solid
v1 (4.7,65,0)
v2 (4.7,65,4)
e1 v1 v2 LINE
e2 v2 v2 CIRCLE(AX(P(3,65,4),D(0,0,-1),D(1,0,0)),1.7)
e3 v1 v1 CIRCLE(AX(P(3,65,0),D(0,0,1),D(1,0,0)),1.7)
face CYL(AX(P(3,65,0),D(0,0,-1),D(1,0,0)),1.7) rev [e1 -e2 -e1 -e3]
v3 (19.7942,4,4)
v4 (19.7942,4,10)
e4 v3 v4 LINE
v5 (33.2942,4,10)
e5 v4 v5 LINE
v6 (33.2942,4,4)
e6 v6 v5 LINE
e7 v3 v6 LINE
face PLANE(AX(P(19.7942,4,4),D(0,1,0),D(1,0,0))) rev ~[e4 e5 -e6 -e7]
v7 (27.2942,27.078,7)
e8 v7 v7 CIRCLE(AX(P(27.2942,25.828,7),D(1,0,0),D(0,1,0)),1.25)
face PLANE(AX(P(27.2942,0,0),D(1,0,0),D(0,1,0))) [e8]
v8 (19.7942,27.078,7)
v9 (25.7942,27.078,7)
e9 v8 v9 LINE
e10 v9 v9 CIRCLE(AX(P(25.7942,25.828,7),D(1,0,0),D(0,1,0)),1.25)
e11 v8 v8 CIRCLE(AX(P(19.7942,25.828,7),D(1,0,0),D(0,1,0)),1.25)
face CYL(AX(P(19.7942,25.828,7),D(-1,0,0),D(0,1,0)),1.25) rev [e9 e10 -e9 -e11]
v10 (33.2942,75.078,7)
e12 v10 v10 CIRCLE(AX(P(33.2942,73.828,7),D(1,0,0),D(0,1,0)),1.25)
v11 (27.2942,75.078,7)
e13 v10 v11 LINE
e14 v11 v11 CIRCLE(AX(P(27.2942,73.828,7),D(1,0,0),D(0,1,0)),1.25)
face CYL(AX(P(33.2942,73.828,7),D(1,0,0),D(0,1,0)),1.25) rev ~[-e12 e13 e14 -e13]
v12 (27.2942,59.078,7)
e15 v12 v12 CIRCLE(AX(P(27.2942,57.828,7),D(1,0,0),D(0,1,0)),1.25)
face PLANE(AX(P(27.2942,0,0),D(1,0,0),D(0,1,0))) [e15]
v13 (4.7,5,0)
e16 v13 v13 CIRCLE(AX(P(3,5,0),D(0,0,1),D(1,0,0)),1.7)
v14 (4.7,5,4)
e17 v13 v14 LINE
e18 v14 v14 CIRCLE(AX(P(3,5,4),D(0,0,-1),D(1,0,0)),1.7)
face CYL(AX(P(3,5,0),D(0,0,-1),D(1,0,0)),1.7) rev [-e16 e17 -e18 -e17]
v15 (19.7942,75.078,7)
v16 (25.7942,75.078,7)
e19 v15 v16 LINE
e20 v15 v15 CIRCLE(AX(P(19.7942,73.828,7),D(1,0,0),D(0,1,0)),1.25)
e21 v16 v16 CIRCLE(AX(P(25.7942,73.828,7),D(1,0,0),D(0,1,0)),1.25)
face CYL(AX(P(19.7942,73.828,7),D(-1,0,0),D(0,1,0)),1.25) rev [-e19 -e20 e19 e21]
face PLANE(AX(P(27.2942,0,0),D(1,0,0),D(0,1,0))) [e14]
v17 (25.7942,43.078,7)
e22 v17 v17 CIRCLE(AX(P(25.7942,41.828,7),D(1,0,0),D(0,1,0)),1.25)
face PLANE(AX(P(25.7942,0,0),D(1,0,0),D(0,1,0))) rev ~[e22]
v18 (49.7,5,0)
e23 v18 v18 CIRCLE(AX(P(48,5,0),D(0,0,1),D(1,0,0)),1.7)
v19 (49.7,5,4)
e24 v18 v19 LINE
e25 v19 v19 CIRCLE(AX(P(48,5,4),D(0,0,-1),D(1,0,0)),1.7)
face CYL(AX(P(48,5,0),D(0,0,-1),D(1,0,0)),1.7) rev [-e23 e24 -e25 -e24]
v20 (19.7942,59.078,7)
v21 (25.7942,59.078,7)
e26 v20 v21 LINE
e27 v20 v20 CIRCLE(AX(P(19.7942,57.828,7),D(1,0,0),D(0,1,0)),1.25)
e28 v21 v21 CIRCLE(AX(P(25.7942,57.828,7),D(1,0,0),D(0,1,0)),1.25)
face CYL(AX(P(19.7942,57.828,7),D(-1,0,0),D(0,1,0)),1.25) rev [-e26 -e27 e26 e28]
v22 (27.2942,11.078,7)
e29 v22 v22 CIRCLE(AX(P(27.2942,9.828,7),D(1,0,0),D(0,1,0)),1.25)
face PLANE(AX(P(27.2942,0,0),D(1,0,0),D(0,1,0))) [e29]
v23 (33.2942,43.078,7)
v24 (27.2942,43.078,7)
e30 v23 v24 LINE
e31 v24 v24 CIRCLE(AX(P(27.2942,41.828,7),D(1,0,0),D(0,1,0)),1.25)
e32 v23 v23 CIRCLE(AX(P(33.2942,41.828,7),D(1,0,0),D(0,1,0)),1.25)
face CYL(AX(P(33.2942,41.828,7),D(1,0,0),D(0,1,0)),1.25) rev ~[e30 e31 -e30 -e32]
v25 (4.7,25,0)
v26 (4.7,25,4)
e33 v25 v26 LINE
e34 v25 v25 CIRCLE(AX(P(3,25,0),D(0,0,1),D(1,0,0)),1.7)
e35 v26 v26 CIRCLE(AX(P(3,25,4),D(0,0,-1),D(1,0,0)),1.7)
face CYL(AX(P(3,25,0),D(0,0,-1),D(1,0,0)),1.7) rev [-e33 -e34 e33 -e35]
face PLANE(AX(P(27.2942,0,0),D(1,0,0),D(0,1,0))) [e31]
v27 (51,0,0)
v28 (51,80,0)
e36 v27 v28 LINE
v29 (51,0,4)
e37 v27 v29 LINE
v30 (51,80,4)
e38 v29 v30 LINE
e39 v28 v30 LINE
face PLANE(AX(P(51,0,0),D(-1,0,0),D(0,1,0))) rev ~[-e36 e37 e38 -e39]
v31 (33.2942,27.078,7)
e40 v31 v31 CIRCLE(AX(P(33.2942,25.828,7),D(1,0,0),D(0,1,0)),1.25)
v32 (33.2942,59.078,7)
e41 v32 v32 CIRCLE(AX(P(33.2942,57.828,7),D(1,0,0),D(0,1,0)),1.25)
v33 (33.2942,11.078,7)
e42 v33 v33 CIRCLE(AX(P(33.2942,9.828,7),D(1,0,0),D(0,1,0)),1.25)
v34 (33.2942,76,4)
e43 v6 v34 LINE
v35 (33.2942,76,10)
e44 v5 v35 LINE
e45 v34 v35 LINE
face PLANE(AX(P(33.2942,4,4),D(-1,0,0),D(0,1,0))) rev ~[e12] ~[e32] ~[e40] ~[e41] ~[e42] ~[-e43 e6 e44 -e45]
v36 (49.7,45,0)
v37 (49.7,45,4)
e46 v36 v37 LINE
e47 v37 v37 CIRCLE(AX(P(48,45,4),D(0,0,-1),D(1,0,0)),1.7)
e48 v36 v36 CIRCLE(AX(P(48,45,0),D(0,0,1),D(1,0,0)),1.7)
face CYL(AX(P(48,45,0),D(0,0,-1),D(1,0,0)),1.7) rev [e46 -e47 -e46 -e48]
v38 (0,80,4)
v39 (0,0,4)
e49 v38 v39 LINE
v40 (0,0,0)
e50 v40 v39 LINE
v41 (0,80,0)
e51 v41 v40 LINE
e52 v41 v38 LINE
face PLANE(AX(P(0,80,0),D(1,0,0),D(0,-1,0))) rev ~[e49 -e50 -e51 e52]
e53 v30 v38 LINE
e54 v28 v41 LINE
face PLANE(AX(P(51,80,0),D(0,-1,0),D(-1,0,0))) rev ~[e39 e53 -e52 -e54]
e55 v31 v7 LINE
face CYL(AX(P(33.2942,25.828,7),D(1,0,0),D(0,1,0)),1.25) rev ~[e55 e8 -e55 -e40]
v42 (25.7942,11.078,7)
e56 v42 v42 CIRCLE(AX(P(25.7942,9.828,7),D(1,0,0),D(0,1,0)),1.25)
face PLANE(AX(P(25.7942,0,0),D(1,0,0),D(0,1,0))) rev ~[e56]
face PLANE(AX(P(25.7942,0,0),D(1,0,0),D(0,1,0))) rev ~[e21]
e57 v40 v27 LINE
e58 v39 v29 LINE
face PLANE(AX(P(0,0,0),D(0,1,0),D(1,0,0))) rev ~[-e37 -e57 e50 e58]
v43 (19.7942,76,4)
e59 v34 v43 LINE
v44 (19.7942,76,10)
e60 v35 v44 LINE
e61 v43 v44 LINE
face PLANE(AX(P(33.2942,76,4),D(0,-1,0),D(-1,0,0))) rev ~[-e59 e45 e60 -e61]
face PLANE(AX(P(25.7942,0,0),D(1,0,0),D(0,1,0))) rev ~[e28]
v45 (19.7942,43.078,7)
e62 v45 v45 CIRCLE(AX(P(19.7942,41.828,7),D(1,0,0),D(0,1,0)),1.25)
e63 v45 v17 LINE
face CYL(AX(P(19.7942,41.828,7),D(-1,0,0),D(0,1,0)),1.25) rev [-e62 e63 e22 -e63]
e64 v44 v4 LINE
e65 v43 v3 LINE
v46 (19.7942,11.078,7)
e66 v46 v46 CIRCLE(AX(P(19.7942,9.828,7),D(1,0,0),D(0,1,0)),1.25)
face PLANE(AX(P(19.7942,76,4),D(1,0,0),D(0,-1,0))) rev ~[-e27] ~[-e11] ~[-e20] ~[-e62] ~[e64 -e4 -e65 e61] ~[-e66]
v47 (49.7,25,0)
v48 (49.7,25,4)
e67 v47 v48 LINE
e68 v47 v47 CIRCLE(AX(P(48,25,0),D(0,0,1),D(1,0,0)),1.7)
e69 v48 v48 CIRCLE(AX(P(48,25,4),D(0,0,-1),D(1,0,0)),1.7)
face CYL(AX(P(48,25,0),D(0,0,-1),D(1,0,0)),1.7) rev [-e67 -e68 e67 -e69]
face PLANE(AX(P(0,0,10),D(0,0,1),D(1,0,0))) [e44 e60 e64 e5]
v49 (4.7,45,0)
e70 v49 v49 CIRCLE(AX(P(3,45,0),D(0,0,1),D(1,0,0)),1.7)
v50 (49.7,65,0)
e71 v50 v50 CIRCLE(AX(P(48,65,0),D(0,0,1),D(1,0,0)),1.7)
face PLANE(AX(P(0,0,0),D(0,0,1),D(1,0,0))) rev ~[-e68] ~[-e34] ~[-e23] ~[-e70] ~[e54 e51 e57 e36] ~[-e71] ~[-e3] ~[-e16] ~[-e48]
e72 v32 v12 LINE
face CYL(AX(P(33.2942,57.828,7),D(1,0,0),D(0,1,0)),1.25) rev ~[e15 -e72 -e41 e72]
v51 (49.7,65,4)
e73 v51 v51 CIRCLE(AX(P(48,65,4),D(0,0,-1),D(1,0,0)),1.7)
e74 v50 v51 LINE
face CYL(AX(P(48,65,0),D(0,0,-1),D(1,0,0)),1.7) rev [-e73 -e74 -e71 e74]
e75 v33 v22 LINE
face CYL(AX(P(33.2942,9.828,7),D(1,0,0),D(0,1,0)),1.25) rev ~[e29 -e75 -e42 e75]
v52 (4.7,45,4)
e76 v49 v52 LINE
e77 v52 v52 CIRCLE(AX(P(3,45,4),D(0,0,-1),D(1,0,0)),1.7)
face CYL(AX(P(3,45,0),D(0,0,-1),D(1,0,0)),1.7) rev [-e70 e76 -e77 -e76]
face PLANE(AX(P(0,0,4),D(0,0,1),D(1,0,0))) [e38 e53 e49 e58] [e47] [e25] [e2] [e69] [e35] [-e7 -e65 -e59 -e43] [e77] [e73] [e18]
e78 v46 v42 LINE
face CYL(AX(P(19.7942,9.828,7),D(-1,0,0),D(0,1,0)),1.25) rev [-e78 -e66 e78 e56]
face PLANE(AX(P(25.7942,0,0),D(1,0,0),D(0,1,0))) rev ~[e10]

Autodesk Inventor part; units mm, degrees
sketch "Continuous_Solid_Plate_No_Openings_Profile" plane through (0, 0, 0) normal (0, 0, 1) x (1, 0, 0)
  line L0 (0, 0) -> (51, 0)
  line L1 (51, 0) -> (51, 80)
  line L2 (51, 80) -> (0, 80)
  line L3 (0, 80) -> (0, 0)
  dimension "d0" = 51
  dimension "d1" = 80
extrude "Continuous_Solid_Plate_No_Openings" add sketch "Continuous_Solid_Plate_No_Openings_Profile" along normal blind 4
ref_plane "Integral_Raised_Device_Mounting_Boss_StartPlane" through (0, 0, 4) normal (0, 0, 1) x (1, 0, 0)
sketch "Integral_Raised_Device_Mounting_Boss_Profile" plane through (0, 0, 4) normal (0, 0, 1) x (1, 0, 0)
  line L0 (19.7942, 4) -> (33.2942, 4)
  line L1 (33.2942, 4) -> (33.2942, 76)
  line L2 (33.2942, 76) -> (19.7942, 76)
  line L3 (19.7942, 76) -> (19.7942, 4)
  point P0 (0, 0)
  dimension "d5" = 19.7943
  dimension "d6" = 4
  dimension "d7" = 13.5
  dimension "d8" = 72
extrude "Integral_Raised_Device_Mounting_Boss" add sketch "Integral_Raised_Device_Mounting_Boss_Profile" along normal blind 6
sketch "Rod_M3_Clearance_8x_Locations" plane through (0, 0, 0) normal (0, 0, 1) x (1, 0, 0)
  circle A0 centre (3, 5) radius 1.7
  circle A1 centre (3, 25) radius 1.7
  circle A2 centre (3, 45) radius 1.7
  circle A3 centre (3, 65) radius 1.7
  circle A4 centre (48, 5) radius 1.7
  circle A5 centre (48, 25) radius 1.7
  circle A6 centre (48, 45) radius 1.7
  circle A7 centre (48, 65) radius 1.7
  point P0 (0, 0)
  dimension "d11" = 3
  dimension "d12" = 5
  dimension "d13" = 3.4
  dimension "d14" = 3
  dimension "d15" = 25
  dimension "d16" = 3.4
  dimension "d17" = 3
  dimension "d18" = 45
  dimension "d19" = 3.4
  dimension "d20" = 3
  dimension "d21" = 65
  dimension "d22" = 3.4
  dimension "d23" = 48
  dimension "d24" = 5
  dimension "d25" = 3.4
  dimension "d26" = 48
  dimension "d27" = 25
  dimension "d28" = 3.4
  dimension "d29" = 48
  dimension "d30" = 45
  dimension "d31" = 3.4
  dimension "d32" = 48
  dimension "d33" = 65
  dimension "d34" = 3.4
extrude "Rod_M3_Clearance_8x" cut sketch "Rod_M3_Clearance_8x_Locations" along normal through all
ref_plane "Device_Clamp_Face_PositiveX" through (33.2942, 0, 0) normal (1, 0, 0) x (0, 1, 0)
sketch "M3_Side_Tap_Locations_PositiveX" plane through (33.2942, 0, 0) normal (1, 0, 0) x (0, 1, 0)
  circle A0 centre (9.828, 7) radius 1.25
  circle A1 centre (25.828, 7) radius 1.25
  circle A2 centre (41.828, 7) radius 1.25
  circle A3 centre (57.828, 7) radius 1.25
  circle A4 centre (73.828, 7) radius 1.25
  point P0 (0, 0)
  dimension "d38" = 9.828
  dimension "d39" = 7
  dimension "d40" = 2.5
  dimension "d41" = 25.828
  dimension "d42" = 7
  dimension "d43" = 2.5
  dimension "d44" = 41.828
  dimension "d45" = 7
  dimension "d46" = 2.5
  dimension "d47" = 57.828
  dimension "d48" = 7
  dimension "d49" = 2.5
  dimension "d50" = 73.828
  dimension "d51" = 7
  dimension "d52" = 2.5
extrude "Device_Tap_Drills_5x_PositiveX" cut sketch "M3_Side_Tap_Locations_PositiveX" against normal blind 6
thread "Device_M3x0_5_6H_PositiveX_1" size "M3x0.5" class "6H" standard "ISO Metric profile" length 6
thread "Device_M3x0_5_6H_PositiveX_2" size "M3x0.5" class "6H" standard "ISO Metric profile" length 6
thread "Device_M3x0_5_6H_PositiveX_3" size "M3x0.5" class "6H" standard "ISO Metric profile" length 6
thread "Device_M3x0_5_6H_PositiveX_4" size "M3x0.5" class "6H" standard "ISO Metric profile" length 6
thread "Device_M3x0_5_6H_PositiveX_5" size "M3x0.5" class "6H" standard "ISO Metric profile" length 6
ref_plane "Device_Clamp_Face_NegativeX" through (19.7942, 0, 0) normal (1, 0, 0) x (0, 1, 0)
sketch "M3_Side_Tap_Locations_NegativeX" plane through (19.7942, 0, 0) normal (1, 0, 0) x (0, 1, 0)
  circle A0 centre (9.828, 7) radius 1.25
  circle A1 centre (25.828, 7) radius 1.25
  circle A2 centre (41.828, 7) radius 1.25
  circle A3 centre (57.828, 7) radius 1.25
  circle A4 centre (73.828, 7) radius 1.25
  point P0 (0, 0)
  dimension "d66" = 9.828
  dimension "d67" = 7
  dimension "d68" = 2.5
  dimension "d69" = 25.828
  dimension "d70" = 7
  dimension "d71" = 2.5
  dimension "d72" = 41.828
  dimension "d73" = 7
  dimension "d74" = 2.5
  dimension "d75" = 57.828
  dimension "d76" = 7
  dimension "d77" = 2.5
  dimension "d78" = 73.828
  dimension "d79" = 7
  dimension "d80" = 2.5
extrude "Device_Tap_Drills_5x_NegativeX" cut sketch "M3_Side_Tap_Locations_NegativeX" along normal blind 6
thread "Device_M3x0_5_6H_NegativeX_1" size "M3x0.5" class "6H" standard "ISO Metric profile" length 6
thread "Device_M3x0_5_6H_NegativeX_2" size "M3x0.5" class "6H" standard "ISO Metric profile" length 6
thread "Device_M3x0_5_6H_NegativeX_3" size "M3x0.5" class "6H" standard "ISO Metric profile" length 6
thread "Device_M3x0_5_6H_NegativeX_4" size "M3x0.5" class "6H" standard "ISO Metric profile" length 6
thread "Device_M3x0_5_6H_NegativeX_5" size "M3x0.5" class "6H" standard "ISO Metric profile" length 6
equation "\"d0\" = OverallWidth"
equation "\"d1\" = ContactLength"
equation "\"d2\" = BaseThickness"
equation "\"d5\" = FingerStartX"
equation "\"d6\" = FingerEndInset"
equation "\"d7\" = FingerWidth"
equation "\"d8\" = ContactLength - 2 * FingerEndInset"
equation "\"d9\" = FingerThickness"
equation "\"d11\" = 0.5 * RodWidth"
equation "\"d12\" = RodHoleStart + 0 * RodScrewPitch"
equation "\"d13\" = RodClearanceDiameter"
equation "\"d14\" = 0.5 * RodWidth"
equation "\"d15\" = RodHoleStart + RodScrewPitch"
equation "\"d16\" = RodClearanceDiameter"
equation "\"d17\" = 0.5 * RodWidth"
equation "\"d18\" = RodHoleStart + 2 * RodScrewPitch"
equation "\"d19\" = RodClearanceDiameter"
equation "\"d20\" = 0.5 * RodWidth"
equation "\"d21\" = RodHoleStart + 3 * RodScrewPitch"
equation "\"d22\" = RodClearanceDiameter"
equation "\"d23\" = OverallWidth - 0.5 * RodWidth"
equation "\"d24\" = RodHoleStart + 0 * RodScrewPitch"
equation "\"d25\" = RodClearanceDiameter"
equation "\"d26\" = OverallWidth - 0.5 * RodWidth"
equation "\"d27\" = RodHoleStart + RodScrewPitch"
equation "\"d28\" = RodClearanceDiameter"
equation "\"d29\" = OverallWidth - 0.5 * RodWidth"
equation "\"d30\" = RodHoleStart + 2 * RodScrewPitch"
equation "\"d31\" = RodClearanceDiameter"
equation "\"d32\" = OverallWidth - 0.5 * RodWidth"
equation "\"d33\" = RodHoleStart + 3 * RodScrewPitch"
equation "\"d34\" = RodClearanceDiameter"
equation "\"d38\" = ClampFirstY - 2 * ClampPitch"
equation "\"d39\" = ClampHeight"
equation "\"d40\" = TapDrillDiameter"
equation "\"d41\" = ClampFirstY - ClampPitch"
equation "\"d42\" = ClampHeight"
equation "\"d43\" = TapDrillDiameter"
equation "\"d44\" = ClampFirstY + 0 * ClampPitch"
equation "\"d45\" = ClampHeight"
equation "\"d46\" = TapDrillDiameter"
equation "\"d47\" = ClampFirstY + ClampPitch"
equation "\"d48\" = ClampHeight"
equation "\"d49\" = TapDrillDiameter"
equation "\"d50\" = ClampFirstY + 2 * ClampPitch"
equation "\"d51\" = ClampHeight"
equation "\"d52\" = TapDrillDiameter"
equation "\"d53\" = TapDepth"
equation "\"d55\" = TapDepth"
equation "\"d57\" = TapDepth"
equation "\"d59\" = TapDepth"
equation "\"d61\" = TapDepth"
equation "\"d63\" = TapDepth"
equation "\"d66\" = ClampFirstY - 2 * ClampPitch"
equation "\"d67\" = ClampHeight"
equation "\"d68\" = TapDrillDiameter"
equation "\"d69\" = ClampFirstY - ClampPitch"
equation "\"d70\" = ClampHeight"
equation "\"d71\" = TapDrillDiameter"
equation "\"d72\" = ClampFirstY + 0 * ClampPitch"
equation "\"d73\" = ClampHeight"
equation "\"d74\" = TapDrillDiameter"
equation "\"d75\" = ClampFirstY + ClampPitch"
equation "\"d76\" = ClampHeight"
equation "\"d77\" = TapDrillDiameter"
equation "\"d78\" = ClampFirstY + 2 * ClampPitch"
equation "\"d79\" = ClampHeight"
equation "\"d80\" = TapDrillDiameter"
equation "\"d81\" = TapDepth"
equation "\"d83\" = TapDepth"
equation "\"d85\" = TapDepth"
equation "\"d87\" = TapDepth"
equation "\"d89\" = TapDepth"
equation "\"d91\" = TapDepth"
equation "\"OverallWidth\" = 51"
equation "\"RodWidth\" = 6"
equation "\"ContactLength\" = 80"
equation "\"BaseThickness\" = 4"
equation "\"FingerStartX\" = 19.79425"
equation "\"FingerWidth\" = 13.5"
equation "\"FingerThickness\" = 6"
equation "\"FingerEndInset\" = 4"
equation "\"RodClearanceDiameter\" = 3.4"
equation "\"ClampFirstY\" = 41.82802"
equation "\"ClampPitch\" = 16"
equation "\"ClampHeight\" = 7"
equation "\"TapDrillDiameter\" = 2.5"
equation "\"TapDepth\" = 6"
equation "\"RodHoleStart\" = 5"
equation "\"RodScrewPitch\" = 20"
equation "\"d4\" = BaseThickness"
equation "\"d37\" = FingerStartX + FingerWidth"
equation "\"d65\" = FingerStartX"
properties part number "Rod_Holder_Adapter"
